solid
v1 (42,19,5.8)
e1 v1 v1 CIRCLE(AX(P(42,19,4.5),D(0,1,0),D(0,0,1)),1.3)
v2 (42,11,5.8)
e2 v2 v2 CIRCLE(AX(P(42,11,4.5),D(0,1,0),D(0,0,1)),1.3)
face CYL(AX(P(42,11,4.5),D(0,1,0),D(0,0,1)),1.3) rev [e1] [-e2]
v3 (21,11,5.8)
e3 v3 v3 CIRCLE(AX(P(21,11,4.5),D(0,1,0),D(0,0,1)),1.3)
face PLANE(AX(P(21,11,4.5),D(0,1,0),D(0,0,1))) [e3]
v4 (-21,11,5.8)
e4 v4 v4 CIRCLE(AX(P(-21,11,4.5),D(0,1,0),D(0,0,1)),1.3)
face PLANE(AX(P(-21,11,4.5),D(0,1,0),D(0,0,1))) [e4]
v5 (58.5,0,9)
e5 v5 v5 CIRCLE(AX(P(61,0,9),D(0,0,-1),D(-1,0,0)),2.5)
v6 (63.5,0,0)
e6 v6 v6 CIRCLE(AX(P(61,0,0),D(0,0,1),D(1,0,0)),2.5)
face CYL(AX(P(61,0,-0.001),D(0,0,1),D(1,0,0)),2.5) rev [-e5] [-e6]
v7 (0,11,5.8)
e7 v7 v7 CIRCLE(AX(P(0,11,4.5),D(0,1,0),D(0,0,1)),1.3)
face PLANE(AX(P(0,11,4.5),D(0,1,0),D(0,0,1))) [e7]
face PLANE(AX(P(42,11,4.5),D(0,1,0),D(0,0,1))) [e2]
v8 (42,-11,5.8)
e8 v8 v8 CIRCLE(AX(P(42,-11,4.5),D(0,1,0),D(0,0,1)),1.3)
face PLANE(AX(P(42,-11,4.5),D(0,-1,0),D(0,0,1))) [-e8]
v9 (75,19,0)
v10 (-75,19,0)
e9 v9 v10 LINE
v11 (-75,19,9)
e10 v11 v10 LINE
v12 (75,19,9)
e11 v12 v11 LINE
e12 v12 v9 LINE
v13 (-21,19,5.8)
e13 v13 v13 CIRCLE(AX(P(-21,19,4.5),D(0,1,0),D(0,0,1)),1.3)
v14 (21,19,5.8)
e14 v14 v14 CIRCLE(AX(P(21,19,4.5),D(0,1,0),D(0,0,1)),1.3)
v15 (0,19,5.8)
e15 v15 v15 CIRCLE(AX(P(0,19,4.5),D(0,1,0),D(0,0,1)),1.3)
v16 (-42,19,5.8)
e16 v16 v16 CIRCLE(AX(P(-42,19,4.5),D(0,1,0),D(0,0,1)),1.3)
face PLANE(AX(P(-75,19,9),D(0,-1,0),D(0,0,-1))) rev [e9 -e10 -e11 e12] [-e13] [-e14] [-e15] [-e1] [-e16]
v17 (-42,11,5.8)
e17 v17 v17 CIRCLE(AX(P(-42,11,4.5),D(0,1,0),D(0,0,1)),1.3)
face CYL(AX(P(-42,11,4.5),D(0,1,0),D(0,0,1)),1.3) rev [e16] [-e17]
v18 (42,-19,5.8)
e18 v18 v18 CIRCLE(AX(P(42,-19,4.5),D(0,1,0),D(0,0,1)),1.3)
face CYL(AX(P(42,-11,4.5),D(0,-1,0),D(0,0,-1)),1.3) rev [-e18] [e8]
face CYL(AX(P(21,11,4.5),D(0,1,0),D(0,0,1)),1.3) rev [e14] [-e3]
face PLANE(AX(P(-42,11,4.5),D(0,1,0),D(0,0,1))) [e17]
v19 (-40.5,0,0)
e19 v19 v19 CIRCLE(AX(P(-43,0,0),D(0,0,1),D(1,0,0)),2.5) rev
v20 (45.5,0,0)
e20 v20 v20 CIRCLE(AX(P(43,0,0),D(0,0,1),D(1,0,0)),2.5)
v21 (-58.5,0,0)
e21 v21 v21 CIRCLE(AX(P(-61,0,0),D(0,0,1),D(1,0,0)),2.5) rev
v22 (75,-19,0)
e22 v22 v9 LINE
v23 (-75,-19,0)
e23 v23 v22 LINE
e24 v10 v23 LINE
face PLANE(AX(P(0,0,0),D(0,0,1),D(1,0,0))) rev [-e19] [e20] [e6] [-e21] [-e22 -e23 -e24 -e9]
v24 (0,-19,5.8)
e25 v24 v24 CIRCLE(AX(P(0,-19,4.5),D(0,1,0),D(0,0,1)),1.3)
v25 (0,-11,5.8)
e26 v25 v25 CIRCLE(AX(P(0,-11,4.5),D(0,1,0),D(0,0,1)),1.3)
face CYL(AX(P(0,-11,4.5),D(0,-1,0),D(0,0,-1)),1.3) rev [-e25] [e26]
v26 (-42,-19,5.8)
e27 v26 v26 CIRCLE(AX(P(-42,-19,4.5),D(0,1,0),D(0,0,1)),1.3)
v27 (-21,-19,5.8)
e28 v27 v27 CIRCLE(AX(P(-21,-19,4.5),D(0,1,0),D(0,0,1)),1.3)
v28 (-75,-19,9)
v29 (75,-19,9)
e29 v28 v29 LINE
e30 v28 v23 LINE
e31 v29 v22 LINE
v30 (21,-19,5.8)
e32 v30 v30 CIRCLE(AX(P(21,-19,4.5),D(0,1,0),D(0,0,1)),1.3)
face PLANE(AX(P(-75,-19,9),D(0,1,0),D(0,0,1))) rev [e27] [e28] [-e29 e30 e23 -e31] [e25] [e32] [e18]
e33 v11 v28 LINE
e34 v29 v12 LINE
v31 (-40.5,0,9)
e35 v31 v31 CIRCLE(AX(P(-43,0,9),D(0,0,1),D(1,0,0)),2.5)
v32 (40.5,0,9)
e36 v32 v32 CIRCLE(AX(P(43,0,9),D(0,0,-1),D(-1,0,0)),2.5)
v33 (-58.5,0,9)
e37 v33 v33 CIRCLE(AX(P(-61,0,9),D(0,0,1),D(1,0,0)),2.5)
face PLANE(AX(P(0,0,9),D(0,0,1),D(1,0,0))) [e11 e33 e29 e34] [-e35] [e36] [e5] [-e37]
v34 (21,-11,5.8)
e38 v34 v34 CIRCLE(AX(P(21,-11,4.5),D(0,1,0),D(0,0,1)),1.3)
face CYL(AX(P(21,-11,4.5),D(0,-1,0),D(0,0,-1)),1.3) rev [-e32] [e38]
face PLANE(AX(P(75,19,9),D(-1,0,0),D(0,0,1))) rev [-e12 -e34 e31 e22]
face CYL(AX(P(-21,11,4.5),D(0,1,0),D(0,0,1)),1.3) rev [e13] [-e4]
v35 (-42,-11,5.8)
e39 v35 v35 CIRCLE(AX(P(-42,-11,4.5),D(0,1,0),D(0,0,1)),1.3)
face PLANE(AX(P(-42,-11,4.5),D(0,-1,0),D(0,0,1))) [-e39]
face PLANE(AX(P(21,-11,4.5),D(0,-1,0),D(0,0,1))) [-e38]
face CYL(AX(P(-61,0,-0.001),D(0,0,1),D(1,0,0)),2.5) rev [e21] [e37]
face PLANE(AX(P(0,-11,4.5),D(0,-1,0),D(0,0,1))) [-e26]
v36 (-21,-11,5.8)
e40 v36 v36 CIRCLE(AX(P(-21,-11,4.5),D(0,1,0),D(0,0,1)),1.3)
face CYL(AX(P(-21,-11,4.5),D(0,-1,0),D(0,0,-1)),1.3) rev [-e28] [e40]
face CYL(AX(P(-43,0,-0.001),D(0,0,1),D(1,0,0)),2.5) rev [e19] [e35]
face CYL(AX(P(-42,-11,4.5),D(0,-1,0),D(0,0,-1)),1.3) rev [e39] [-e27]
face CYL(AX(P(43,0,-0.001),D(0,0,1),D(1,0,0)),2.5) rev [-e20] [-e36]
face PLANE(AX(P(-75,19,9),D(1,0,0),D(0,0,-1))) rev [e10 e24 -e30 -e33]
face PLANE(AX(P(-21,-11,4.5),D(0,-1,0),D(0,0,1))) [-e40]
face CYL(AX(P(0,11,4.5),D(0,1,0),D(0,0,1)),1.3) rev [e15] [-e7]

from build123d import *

# Parameters (mm, degrees)
SKETCH_1_W               = 150
SKETCH_1_H               = 38
EXTRUDE_1_DEPTH          = 9
SKETCH_2_R               = 1.3
CUT_EXTRUDE_1_DEPTH      = 8
PATTERN_LINEAR_1_COUNT   = 5
PATTERN_LINEAR_1_PITCH   = 21
MIRROR_1_COPY_1_SKETCH_R = 1.3
MIRROR_1_COPY_1_DEPTH    = 8
MIRROR_1_COPY_2_SKETCH_R = 1.3
MIRROR_1_COPY_2_DEPTH    = 8
MIRROR_1_COPY_3_SKETCH_R = 1.3
MIRROR_1_COPY_3_DEPTH    = 8
MIRROR_1_COPY_4_SKETCH_R = 1.3
MIRROR_1_COPY_4_DEPTH    = 8
CUT_EXTRUDE_2_REACH      = 79.891
SKETCH_3_R               = 2.5


with BuildPart() as part:
    # 草圖1 → 填料-伸長1 (new body)
    with BuildSketch(Plane.XY):
        Rectangle(SKETCH_1_W, SKETCH_1_H)
    extrude(amount=EXTRUDE_1_DEPTH)

    # 草圖2 → 除料-伸長1 (cut)
    with BuildSketch(Plane(origin=(0, 19, 0), x_dir=(1, 0, 0), z_dir=(0, 1, 0))):
        with Locations(Location((-42, -4.5, 0), (0, 0, 270))):
            Circle(SKETCH_2_R)
    cut_extrude_1 = extrude(amount=-CUT_EXTRUDE_1_DEPTH, mode=Mode.SUBTRACT)

    # 直線複製排列1: 除料-伸長1 ×5
    with Locations(*[(i * PATTERN_LINEAR_1_PITCH, 0, 0) for i in range(1, PATTERN_LINEAR_1_COUNT)]):
        add(cut_extrude_1, mode=Mode.SUBTRACT)

    # 鏡射1: 除料-伸長1 across plane
    add(cut_extrude_1.mirror(Plane.ZX), mode=Mode.SUBTRACT)

    # 鏡射1 copy 1 sketch → 鏡射1 copy 1 (cut)
    with BuildSketch(Plane(origin=(21, -19, 0), x_dir=(1, 0, 0), z_dir=(0, -1, 0))):
        with Locations((-42, 4.5)):
            Circle(MIRROR_1_COPY_1_SKETCH_R)
    extrude(amount=-MIRROR_1_COPY_1_DEPTH, mode=Mode.SUBTRACT)

    # 鏡射1 copy 2 sketch → 鏡射1 copy 2 (cut)
    with BuildSketch(Plane(origin=(42, -19, 0), x_dir=(1, 0, 0), z_dir=(0, -1, 0))):
        with Locations((-42, 4.5)):
            Circle(MIRROR_1_COPY_2_SKETCH_R)
    extrude(amount=-MIRROR_1_COPY_2_DEPTH, mode=Mode.SUBTRACT)

    # 鏡射1 copy 3 sketch → 鏡射1 copy 3 (cut)
    with BuildSketch(Plane(origin=(63, -19, 0), x_dir=(1, 0, 0), z_dir=(0, -1, 0))):
        with Locations((-42, 4.5)):
            Circle(MIRROR_1_COPY_3_SKETCH_R)
    extrude(amount=-MIRROR_1_COPY_3_DEPTH, mode=Mode.SUBTRACT)

    # 鏡射1 copy 4 sketch → 鏡射1 copy 4 (cut)
    with BuildSketch(Plane(origin=(84, -19, 0), x_dir=(1, 0, 0), z_dir=(0, -1, 0))):
        with Locations((-42, 4.5)):
            Circle(MIRROR_1_COPY_4_SKETCH_R)
    extrude(amount=-MIRROR_1_COPY_4_DEPTH, mode=Mode.SUBTRACT)

    # 草圖3 → 除料-伸長2 (cut, up to next)
    with BuildSketch(Plane.XY.offset(9), mode=Mode.PRIVATE) as cut_extrude_2_sk1:
        with Locations((-61, 0)):
            Circle(SKETCH_3_R)
    cut_extrude_2_tool1 = extrude(cut_extrude_2_sk1.sketch, amount=-CUT_EXTRUDE_2_REACH, mode=Mode.PRIVATE) & part.part
    # 草圖3 → 除料-伸長2 (cut, up to next)
    with BuildSketch(Plane.XY.offset(9), mode=Mode.PRIVATE) as cut_extrude_2_sk2:
        with Locations((-43, 0)):
            Circle(SKETCH_3_R)
    cut_extrude_2_tool2 = extrude(cut_extrude_2_sk2.sketch, amount=-CUT_EXTRUDE_2_REACH, mode=Mode.PRIVATE) & part.part
    cut_extrude_2_1 = cut_extrude_2_tool1.solids().sort_by_distance((-61, 0, 9))[0]
    add(cut_extrude_2_1, mode=Mode.SUBTRACT)
    cut_extrude_2_2 = cut_extrude_2_tool2.solids().sort_by_distance((-43, 0, 9))[0]
    add(cut_extrude_2_2, mode=Mode.SUBTRACT)
    cut_extrude_2 = cut_extrude_2_1 + cut_extrude_2_2  # 除料-伸長2 as one shape, for the pattern or mirror that repeats it

    # 鏡射2: 除料-伸長2 across plane
    add(cut_extrude_2.mirror(Plane(origin=(0, 0, 0), x_dir=(0, 0, 1), z_dir=(1, 0, 0))), mode=Mode.SUBTRACT)


solid = part.part
